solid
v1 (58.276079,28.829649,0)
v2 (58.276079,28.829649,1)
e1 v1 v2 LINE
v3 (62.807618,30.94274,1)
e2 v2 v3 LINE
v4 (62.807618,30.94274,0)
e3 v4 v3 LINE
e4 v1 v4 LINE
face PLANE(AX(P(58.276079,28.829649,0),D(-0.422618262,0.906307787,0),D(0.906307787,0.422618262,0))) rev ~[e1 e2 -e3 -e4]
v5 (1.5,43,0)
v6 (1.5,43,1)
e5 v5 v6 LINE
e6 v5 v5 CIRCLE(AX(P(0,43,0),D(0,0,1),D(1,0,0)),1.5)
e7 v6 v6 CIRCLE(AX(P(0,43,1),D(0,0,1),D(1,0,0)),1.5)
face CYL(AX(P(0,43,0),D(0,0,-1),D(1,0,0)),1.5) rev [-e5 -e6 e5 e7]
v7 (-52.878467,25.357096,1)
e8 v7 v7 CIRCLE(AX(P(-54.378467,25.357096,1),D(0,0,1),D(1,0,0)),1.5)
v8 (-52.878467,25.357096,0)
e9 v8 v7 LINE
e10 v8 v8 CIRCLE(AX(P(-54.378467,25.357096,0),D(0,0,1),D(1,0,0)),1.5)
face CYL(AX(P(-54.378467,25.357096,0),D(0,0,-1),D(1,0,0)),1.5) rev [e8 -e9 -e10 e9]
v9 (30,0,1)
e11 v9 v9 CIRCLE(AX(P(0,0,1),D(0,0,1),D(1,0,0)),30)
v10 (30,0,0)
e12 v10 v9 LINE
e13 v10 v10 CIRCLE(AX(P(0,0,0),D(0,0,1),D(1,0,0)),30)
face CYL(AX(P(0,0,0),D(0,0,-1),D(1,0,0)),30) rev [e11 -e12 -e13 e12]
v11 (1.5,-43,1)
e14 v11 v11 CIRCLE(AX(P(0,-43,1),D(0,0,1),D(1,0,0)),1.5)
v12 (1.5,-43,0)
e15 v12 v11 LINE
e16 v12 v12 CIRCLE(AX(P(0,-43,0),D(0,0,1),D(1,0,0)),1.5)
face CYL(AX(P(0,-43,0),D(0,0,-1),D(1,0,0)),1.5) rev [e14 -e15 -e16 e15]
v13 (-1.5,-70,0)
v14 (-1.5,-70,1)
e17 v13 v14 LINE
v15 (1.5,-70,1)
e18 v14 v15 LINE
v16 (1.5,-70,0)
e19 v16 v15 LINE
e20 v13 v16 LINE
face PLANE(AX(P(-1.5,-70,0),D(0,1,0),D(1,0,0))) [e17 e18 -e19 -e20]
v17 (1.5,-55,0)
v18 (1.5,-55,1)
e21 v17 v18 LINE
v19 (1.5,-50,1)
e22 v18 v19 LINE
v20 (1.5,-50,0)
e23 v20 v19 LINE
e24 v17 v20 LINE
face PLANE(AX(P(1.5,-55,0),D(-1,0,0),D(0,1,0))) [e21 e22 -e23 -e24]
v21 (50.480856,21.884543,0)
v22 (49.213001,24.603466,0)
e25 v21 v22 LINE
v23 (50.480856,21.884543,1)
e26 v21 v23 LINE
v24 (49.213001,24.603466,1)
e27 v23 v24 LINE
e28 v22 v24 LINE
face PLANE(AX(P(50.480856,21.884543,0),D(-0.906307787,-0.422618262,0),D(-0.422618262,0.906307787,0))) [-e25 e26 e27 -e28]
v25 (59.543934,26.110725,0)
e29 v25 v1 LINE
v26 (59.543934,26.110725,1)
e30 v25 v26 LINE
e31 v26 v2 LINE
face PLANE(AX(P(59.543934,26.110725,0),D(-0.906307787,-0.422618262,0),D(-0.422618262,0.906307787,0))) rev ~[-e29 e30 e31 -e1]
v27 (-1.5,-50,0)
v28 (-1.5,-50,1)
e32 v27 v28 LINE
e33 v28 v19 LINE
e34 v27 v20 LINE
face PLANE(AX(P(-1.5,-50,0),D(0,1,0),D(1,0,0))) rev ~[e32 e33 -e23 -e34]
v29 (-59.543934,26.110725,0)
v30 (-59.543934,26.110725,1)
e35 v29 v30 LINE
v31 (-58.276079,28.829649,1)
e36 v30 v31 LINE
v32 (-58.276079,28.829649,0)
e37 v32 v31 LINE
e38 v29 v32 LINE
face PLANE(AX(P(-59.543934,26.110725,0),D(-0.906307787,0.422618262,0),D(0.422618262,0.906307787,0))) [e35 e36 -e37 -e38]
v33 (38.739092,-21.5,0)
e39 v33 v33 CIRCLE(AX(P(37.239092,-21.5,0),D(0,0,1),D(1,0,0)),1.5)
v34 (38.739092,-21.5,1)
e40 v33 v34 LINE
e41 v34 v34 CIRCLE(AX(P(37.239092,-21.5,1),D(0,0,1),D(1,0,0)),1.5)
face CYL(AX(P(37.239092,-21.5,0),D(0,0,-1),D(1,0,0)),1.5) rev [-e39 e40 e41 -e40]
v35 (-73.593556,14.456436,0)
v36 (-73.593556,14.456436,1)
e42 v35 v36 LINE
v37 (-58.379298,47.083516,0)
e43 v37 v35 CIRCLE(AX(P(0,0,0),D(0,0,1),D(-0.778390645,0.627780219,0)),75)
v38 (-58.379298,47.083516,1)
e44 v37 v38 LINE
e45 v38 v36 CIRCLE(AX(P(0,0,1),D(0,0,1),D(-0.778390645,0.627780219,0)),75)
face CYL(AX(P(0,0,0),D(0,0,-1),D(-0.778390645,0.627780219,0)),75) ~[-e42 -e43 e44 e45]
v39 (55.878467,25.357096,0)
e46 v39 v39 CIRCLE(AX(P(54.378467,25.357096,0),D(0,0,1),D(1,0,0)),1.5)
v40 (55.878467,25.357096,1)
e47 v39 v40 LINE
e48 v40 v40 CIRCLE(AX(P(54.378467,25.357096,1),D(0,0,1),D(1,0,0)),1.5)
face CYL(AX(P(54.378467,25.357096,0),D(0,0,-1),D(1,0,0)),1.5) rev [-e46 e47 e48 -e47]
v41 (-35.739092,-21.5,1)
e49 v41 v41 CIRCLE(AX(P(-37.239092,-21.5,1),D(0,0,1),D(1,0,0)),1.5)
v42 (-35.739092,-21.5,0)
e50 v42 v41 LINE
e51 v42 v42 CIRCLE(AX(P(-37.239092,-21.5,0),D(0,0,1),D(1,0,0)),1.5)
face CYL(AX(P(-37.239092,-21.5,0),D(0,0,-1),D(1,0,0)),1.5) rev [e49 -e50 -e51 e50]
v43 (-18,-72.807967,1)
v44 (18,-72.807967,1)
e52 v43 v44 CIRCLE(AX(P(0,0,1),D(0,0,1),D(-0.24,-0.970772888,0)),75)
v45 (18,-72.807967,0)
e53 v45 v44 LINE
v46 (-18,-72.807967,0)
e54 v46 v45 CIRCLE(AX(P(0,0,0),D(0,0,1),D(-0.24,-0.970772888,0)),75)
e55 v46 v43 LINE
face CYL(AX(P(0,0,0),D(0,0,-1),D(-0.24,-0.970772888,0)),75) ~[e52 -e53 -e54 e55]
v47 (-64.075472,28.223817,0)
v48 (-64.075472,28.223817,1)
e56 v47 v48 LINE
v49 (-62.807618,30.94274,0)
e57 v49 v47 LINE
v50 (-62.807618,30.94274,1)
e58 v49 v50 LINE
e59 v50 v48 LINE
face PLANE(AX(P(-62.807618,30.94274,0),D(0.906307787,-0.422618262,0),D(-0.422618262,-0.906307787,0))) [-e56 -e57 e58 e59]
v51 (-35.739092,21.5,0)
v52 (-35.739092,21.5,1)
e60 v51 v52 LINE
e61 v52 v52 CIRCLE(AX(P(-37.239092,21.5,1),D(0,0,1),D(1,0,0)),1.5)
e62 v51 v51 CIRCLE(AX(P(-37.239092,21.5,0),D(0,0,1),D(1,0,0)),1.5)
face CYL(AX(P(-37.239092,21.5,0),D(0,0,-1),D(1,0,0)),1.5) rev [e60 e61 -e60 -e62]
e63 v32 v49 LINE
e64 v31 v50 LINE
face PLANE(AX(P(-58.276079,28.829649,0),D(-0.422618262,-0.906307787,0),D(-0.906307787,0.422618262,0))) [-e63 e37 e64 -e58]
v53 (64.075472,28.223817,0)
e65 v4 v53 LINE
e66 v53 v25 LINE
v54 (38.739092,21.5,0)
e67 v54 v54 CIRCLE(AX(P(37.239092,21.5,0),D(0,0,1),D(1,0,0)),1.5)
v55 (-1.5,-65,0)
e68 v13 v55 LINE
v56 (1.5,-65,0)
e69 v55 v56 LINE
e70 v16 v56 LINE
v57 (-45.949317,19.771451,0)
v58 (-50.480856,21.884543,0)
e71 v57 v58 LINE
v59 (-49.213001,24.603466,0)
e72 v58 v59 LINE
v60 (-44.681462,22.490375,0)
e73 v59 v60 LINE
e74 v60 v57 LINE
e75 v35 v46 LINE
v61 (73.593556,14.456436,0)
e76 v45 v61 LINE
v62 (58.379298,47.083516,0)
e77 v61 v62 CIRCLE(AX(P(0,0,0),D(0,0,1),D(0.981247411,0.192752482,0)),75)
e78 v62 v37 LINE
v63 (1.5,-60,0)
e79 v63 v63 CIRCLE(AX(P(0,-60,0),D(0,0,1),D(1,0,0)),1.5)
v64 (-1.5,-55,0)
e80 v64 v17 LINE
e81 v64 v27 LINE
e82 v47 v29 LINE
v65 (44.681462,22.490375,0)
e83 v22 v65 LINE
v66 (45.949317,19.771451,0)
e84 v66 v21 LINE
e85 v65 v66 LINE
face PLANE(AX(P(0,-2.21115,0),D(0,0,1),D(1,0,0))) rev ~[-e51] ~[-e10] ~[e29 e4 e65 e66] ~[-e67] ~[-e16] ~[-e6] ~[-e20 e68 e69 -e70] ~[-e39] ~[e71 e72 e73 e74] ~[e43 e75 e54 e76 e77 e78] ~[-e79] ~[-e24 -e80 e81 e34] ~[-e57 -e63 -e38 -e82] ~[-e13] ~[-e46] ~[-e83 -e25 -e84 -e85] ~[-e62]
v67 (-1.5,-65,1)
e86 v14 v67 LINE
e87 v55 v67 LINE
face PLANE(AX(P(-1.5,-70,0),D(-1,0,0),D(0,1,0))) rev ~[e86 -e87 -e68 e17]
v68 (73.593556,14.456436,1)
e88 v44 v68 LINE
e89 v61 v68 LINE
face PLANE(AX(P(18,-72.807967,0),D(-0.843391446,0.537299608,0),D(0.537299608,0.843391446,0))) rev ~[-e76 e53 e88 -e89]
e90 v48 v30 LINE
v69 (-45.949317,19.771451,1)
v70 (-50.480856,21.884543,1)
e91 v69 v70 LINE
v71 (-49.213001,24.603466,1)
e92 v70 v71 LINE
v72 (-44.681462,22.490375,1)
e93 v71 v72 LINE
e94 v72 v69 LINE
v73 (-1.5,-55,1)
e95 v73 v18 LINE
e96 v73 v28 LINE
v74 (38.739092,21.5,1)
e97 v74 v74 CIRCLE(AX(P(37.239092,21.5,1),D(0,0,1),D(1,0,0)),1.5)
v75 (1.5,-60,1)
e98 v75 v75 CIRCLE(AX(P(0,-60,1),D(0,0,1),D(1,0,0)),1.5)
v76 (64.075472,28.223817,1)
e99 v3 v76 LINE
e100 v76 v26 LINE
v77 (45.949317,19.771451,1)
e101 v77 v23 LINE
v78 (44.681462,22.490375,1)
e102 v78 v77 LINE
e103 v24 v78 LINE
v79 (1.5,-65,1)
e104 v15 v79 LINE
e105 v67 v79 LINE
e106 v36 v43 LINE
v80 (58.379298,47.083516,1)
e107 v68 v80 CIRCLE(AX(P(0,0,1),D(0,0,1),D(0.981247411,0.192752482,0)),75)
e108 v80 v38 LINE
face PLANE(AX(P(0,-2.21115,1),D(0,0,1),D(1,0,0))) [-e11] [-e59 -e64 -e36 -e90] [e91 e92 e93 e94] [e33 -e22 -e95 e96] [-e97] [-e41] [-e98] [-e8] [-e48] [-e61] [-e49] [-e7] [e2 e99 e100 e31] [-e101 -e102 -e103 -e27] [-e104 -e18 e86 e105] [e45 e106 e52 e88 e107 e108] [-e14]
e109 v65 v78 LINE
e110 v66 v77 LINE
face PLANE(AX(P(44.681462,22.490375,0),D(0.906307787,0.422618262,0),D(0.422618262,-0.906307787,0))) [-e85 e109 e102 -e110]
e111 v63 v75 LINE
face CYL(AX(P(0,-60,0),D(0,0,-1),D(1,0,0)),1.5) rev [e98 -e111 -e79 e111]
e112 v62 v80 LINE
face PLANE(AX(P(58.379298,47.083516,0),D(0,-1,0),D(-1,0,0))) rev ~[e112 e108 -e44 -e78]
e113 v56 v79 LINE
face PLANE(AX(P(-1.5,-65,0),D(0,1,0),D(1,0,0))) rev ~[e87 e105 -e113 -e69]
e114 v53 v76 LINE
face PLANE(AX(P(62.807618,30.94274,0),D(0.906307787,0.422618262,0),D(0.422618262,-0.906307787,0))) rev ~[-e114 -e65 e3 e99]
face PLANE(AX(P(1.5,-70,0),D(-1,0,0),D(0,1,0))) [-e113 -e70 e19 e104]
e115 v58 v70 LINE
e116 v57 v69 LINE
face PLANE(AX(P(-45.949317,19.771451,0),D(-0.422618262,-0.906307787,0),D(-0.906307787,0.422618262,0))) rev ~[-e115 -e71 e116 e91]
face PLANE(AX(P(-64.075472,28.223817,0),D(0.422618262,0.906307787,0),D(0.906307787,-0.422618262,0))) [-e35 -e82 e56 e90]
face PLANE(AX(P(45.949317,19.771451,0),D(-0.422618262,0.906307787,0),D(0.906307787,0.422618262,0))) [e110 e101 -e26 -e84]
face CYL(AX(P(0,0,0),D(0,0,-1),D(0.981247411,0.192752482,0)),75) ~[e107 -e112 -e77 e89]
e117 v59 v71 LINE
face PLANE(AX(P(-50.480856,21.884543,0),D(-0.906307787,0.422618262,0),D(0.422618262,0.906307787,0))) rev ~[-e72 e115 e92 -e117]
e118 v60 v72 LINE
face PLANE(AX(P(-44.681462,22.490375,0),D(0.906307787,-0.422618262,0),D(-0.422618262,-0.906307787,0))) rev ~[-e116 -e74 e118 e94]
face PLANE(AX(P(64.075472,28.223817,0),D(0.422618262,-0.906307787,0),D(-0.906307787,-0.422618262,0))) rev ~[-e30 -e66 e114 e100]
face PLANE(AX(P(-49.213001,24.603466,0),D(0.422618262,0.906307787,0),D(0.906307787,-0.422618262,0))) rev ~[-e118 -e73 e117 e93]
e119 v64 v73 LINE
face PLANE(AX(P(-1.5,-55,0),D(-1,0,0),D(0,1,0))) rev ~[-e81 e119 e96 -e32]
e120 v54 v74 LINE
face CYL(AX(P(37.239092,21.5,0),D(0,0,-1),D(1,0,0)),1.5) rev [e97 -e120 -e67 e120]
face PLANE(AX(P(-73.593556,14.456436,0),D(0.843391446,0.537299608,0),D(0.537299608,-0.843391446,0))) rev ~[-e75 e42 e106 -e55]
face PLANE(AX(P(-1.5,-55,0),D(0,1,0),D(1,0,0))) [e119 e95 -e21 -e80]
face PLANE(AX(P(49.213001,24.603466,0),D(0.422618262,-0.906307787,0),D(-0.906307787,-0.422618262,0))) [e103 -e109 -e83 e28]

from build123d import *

# Parameters (mm, degrees)
SKETCH1_R           = 30
SKETCH1_R_2         = 1.5
SKETCH1_W           = 3
SKETCH1_H           = 5
BOSS_EXTRUDE1_DEPTH = 1


with BuildPart() as part:
    # Sketch1 → Boss-Extrude1 (new body)
    with BuildSketch(Plane.XY):
        with BuildLine():
            Line((-73.593555797, 14.456436117), (-18, -72.807966597))
            ThreePointArc((-18, -72.807966597), (0, -75), (18, -72.807966597))
            Line((18, -72.807966597), (73.593555797, 14.456436117))
            ThreePointArc((73.593555797, 14.456436117), (67.973084028, 31.696369631), (58.379298374, 47.083516451))
            Line((58.379298374, 47.083516451), (-58.379298374, 47.083516451))
            ThreePointArc((-58.379298374, 47.083516451), (-67.973084028, 31.696369631), (-73.593555797, 14.456436117))
        make_face()
        Circle(SKETCH1_R, mode=Mode.SUBTRACT)
        with Locations((0, -43)):
            Circle(SKETCH1_R_2, mode=Mode.SUBTRACT)
        with Locations((-37.239092363, -21.5)):
            Circle(SKETCH1_R_2, mode=Mode.SUBTRACT)
        with Locations((-37.239092363, 21.5)):
            Circle(SKETCH1_R_2, mode=Mode.SUBTRACT)
        with Locations((0, 43)):
            Circle(SKETCH1_R_2, mode=Mode.SUBTRACT)
        with Locations((37.239092363, 21.5)):
            Circle(SKETCH1_R_2, mode=Mode.SUBTRACT)
        with Locations((37.239092363, -21.5)):
            Circle(SKETCH1_R_2, mode=Mode.SUBTRACT)
        with Locations((0, -60)):
            Circle(SKETCH1_R_2, mode=Mode.SUBTRACT)
        with Locations((54.378467222, 25.357095704)):
            Circle(SKETCH1_R_2, mode=Mode.SUBTRACT)
        with Locations((-54.378467222, 25.357095704)):
            Circle(SKETCH1_R_2, mode=Mode.SUBTRACT)
        with Locations((0, -52.5)):
            Rectangle(SKETCH1_W, SKETCH1_H, mode=Mode.SUBTRACT)
        with Locations((0, -67.5)):
            Rectangle(SKETCH1_W, SKETCH1_H, mode=Mode.SUBTRACT)
        Polygon((49.213000894, 24.603466076), (44.681461959, 22.490374768), (45.949316744, 19.771451406), (50.48085568, 21.884542715), align=None, mode=Mode.SUBTRACT)
        Polygon((58.276078765, 28.829648694), (62.8076177, 30.942740002), (64.075472485, 28.223816641), (59.54393355, 26.110725333), align=None, mode=Mode.SUBTRACT)
        Polygon((-58.276078765, 28.829648694), (-62.8076177, 30.942740002), (-64.075472485, 28.223816641), (-59.54393355, 26.110725333), align=None, mode=Mode.SUBTRACT)
        Polygon((-49.213000894, 24.603466076), (-44.681461959, 22.490374768), (-45.949316744, 19.771451406), (-50.48085568, 21.884542715), align=None, mode=Mode.SUBTRACT)
    extrude(amount=BOSS_EXTRUDE1_DEPTH)


solid = part.part
